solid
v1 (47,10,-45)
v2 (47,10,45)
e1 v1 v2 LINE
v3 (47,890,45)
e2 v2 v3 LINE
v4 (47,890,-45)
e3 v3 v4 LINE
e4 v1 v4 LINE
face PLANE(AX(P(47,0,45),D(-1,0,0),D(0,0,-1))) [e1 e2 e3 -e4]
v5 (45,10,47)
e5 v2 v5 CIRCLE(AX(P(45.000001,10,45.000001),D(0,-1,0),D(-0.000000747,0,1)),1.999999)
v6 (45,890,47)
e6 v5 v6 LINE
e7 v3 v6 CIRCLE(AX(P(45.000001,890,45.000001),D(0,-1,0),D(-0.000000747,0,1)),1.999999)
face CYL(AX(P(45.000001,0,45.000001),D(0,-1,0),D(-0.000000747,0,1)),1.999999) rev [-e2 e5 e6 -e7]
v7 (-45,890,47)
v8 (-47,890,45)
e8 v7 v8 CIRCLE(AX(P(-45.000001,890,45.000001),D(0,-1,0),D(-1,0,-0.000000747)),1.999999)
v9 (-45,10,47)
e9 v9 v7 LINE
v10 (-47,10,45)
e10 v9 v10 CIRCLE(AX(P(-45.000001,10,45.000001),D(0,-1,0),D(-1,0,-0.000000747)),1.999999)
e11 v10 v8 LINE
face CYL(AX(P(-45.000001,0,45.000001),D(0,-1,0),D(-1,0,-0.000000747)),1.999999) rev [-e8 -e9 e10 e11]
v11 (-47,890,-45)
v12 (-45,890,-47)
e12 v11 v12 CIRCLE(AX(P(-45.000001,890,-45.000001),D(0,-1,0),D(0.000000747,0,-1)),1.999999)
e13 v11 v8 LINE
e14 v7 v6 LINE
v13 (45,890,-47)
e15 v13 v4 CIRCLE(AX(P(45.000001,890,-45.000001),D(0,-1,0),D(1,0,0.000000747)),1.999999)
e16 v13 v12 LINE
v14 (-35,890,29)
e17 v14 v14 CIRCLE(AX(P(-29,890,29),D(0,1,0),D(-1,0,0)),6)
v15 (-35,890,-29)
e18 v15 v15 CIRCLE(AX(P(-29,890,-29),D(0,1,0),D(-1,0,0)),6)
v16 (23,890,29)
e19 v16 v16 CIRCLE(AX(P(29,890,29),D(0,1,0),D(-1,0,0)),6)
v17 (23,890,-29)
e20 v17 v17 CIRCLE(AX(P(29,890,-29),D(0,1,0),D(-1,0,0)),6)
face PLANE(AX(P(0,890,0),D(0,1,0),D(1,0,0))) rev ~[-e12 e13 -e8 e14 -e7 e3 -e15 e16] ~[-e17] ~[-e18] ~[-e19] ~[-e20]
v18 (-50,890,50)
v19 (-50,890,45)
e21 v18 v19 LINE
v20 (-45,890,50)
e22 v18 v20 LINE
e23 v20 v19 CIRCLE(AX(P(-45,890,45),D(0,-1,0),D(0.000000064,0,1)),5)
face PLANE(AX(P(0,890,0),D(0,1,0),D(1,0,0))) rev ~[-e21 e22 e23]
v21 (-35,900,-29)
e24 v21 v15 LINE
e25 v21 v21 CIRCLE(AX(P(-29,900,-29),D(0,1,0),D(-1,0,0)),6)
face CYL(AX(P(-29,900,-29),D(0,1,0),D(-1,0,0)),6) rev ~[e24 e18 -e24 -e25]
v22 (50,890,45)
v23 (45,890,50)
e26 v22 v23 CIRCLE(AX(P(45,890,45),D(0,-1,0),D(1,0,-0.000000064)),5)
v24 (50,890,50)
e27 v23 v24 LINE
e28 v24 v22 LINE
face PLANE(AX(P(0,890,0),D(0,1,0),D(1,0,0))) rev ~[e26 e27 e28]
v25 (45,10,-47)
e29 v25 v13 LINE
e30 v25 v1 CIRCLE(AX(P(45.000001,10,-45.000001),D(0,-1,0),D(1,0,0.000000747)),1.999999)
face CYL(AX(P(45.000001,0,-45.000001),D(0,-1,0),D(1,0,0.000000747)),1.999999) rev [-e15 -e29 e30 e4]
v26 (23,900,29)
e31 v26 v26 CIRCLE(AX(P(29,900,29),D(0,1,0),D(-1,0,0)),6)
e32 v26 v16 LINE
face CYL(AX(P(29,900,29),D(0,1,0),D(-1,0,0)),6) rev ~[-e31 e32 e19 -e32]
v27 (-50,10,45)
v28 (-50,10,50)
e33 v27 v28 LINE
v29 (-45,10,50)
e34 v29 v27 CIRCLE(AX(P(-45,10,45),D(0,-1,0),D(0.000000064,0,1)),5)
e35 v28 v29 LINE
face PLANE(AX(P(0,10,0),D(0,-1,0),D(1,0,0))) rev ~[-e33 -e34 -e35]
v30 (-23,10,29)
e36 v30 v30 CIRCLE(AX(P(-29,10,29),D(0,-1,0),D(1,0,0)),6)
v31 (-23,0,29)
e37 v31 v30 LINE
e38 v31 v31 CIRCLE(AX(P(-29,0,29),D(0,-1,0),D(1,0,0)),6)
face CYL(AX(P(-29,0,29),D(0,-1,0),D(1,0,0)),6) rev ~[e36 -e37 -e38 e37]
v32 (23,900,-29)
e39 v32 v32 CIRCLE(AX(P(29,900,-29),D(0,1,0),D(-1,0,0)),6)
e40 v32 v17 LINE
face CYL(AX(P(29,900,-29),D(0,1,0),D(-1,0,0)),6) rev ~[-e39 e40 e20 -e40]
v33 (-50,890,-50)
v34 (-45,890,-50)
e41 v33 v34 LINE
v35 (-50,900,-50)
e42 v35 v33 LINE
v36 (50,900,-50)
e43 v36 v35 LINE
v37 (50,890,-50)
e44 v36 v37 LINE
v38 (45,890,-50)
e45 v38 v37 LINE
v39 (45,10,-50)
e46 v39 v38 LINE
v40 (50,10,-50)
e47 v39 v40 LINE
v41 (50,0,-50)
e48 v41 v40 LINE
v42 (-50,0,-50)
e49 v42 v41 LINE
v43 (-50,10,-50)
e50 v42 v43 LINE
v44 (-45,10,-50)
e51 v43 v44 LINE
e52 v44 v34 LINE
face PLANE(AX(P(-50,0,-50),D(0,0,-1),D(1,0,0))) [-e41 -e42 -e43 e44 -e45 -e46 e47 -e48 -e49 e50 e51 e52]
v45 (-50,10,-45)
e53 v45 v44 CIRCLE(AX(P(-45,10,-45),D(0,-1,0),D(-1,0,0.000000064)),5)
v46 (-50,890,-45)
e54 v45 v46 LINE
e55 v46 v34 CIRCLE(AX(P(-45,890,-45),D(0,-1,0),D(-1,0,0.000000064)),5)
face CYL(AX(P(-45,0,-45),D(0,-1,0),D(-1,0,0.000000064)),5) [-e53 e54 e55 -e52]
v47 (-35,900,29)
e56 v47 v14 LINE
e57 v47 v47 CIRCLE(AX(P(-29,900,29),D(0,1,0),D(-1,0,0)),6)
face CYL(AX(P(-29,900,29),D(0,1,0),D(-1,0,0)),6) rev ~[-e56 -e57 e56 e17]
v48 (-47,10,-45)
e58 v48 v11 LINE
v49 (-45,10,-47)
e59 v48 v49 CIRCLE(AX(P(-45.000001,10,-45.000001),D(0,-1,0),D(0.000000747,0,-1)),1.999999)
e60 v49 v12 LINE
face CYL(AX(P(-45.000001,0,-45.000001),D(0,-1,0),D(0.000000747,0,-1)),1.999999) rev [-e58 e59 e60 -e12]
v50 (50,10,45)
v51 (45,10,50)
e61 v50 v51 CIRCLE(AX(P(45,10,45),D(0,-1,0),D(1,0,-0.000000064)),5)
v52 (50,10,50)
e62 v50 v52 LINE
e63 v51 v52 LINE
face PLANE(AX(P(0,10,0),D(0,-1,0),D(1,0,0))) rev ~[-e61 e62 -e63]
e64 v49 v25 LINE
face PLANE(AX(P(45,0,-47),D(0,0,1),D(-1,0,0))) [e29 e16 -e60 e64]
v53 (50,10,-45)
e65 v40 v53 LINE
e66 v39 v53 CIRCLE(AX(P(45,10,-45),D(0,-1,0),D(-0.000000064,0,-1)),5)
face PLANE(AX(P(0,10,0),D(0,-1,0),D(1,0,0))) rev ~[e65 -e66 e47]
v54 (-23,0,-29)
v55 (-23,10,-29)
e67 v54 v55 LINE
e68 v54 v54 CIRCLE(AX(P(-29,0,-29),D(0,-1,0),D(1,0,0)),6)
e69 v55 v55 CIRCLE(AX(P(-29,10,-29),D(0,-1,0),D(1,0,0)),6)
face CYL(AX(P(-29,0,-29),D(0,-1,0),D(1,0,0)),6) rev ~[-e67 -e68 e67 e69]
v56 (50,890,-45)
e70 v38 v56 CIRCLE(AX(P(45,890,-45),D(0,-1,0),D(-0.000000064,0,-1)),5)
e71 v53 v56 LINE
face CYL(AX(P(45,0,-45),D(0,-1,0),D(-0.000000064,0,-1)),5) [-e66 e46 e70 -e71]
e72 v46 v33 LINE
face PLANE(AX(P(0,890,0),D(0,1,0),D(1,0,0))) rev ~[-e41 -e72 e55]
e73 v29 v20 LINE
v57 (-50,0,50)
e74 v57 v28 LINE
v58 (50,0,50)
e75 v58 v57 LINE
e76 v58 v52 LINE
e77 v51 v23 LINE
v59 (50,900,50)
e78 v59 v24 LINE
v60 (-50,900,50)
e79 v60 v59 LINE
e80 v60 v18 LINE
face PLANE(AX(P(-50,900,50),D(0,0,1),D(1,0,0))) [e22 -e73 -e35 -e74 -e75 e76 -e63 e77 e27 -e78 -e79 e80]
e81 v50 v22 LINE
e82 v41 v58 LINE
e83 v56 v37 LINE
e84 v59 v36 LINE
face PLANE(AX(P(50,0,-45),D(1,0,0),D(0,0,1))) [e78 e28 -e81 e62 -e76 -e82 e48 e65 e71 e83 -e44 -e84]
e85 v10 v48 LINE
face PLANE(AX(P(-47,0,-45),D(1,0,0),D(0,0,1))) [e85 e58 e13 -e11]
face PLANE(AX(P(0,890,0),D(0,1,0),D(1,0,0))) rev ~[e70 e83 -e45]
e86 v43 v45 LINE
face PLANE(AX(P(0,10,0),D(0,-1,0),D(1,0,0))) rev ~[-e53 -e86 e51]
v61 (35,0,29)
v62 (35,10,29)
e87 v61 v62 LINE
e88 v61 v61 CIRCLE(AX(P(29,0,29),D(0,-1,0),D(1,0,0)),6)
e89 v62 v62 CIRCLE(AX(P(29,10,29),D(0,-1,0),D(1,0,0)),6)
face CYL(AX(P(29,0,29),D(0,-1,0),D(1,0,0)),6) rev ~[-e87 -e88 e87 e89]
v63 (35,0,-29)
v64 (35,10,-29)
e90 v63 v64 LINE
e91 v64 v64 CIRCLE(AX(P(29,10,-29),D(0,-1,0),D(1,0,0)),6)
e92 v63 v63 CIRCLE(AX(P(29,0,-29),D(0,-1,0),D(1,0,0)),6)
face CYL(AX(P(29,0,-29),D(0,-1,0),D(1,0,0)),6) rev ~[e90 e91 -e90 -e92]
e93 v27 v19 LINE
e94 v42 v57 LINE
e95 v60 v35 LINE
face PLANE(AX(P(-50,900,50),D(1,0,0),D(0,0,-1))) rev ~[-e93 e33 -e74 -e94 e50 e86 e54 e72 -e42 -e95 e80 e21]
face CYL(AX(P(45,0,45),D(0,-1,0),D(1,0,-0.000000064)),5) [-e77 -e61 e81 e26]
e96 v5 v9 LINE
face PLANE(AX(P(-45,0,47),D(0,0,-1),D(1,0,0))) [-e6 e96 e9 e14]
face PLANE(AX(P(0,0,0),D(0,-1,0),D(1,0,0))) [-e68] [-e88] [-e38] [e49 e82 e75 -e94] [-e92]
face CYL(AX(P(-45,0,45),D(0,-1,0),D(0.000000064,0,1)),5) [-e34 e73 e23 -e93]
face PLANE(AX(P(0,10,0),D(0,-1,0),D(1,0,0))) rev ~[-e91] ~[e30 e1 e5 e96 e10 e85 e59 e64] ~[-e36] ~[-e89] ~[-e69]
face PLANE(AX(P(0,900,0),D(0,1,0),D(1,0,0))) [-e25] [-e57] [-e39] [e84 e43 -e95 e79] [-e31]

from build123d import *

# Parameters (mm, degrees)
F1_DEPTH  = 900
F3_W      = 100
F3_H      = 100
F4_DEPTH  = 10
F6_W      = 100
F6_H      = 100
F7_DEPTH  = 10
F8_R      = 6
F9_DEPTH  = 10
F10_R     = 6
F11_DEPTH = 10


with BuildPart() as f1:
    # F0 (on Front) → F1 (new body)
    with BuildSketch(Plane.XZ):
        with BuildLine():
            ThreePointArc((50, 45), (48.535534, 48.535534), (45, 50))
            Line((45, 50), (-45, 50))
            ThreePointArc((-45, 50), (-48.535534, 48.535534), (-50, 45))
            Line((-50, 45), (-50, -45))
            ThreePointArc((-50, -45), (-48.535534, -48.535534), (-45, -50))
            Line((-45, -50), (45, -50))
            ThreePointArc((45, -50), (48.535534, -48.535534), (50, -45))
            Line((50, -45), (50, 45))
        make_face()
        with BuildLine():
            ThreePointArc((-47, 45), (-46.414214, 46.414214), (-45, 47))
            Line((-45, 47), (45, 47))
            ThreePointArc((45, 47), (46.414214, 46.414214), (47, 45))
            Line((47, 45), (47, -45))
            ThreePointArc((47, -45), (46.414214, -46.414214), (45, -47))
            Line((45, -47), (-45, -47))
            ThreePointArc((-45, -47), (-46.414214, -46.414214), (-47, -45))
            Line((-47, -45), (-47, 45))
        make_face(mode=Mode.SUBTRACT)
    extrude(amount=-F1_DEPTH)

    # F3 (on offset) → F4 (join)
    with BuildSketch(Plane.XZ):
        Rectangle(F3_W, F3_H)
    extrude(amount=-F4_DEPTH)

    # F6 (on offset) → F7 (join)
    with BuildSketch(Plane(origin=(0, 900, 0), x_dir=(1, 0, 0), z_dir=(0, 1, 0))):
        Rectangle(F6_W, F6_H)
    extrude(amount=-F7_DEPTH)

    # F8 (on face) → F9 (cut, through all)
    with BuildSketch(Plane(origin=(0, 900, 0), x_dir=(-1, 0, 0), z_dir=(0, 1, 0))):
        with Locations((-29, 29)):
            Circle(F8_R)
        with Locations((29, 29)):
            Circle(F8_R)
        with Locations((29, -29)):
            Circle(F8_R)
        with Locations((-29, -29)):
            Circle(F8_R)
    extrude(amount=-F9_DEPTH, mode=Mode.SUBTRACT)

    # F10 (on face) → F11 (cut, through all)
    with BuildSketch(Plane.XZ):
        with Locations((-29, 29)):
            Circle(F10_R)
        with Locations((29, 29)):
            Circle(F10_R)
        with Locations((29, -29)):
            Circle(F10_R)
        with Locations((-29, -29)):
            Circle(F10_R)
    extrude(amount=-F11_DEPTH, mode=Mode.SUBTRACT)


solid = f1.part
